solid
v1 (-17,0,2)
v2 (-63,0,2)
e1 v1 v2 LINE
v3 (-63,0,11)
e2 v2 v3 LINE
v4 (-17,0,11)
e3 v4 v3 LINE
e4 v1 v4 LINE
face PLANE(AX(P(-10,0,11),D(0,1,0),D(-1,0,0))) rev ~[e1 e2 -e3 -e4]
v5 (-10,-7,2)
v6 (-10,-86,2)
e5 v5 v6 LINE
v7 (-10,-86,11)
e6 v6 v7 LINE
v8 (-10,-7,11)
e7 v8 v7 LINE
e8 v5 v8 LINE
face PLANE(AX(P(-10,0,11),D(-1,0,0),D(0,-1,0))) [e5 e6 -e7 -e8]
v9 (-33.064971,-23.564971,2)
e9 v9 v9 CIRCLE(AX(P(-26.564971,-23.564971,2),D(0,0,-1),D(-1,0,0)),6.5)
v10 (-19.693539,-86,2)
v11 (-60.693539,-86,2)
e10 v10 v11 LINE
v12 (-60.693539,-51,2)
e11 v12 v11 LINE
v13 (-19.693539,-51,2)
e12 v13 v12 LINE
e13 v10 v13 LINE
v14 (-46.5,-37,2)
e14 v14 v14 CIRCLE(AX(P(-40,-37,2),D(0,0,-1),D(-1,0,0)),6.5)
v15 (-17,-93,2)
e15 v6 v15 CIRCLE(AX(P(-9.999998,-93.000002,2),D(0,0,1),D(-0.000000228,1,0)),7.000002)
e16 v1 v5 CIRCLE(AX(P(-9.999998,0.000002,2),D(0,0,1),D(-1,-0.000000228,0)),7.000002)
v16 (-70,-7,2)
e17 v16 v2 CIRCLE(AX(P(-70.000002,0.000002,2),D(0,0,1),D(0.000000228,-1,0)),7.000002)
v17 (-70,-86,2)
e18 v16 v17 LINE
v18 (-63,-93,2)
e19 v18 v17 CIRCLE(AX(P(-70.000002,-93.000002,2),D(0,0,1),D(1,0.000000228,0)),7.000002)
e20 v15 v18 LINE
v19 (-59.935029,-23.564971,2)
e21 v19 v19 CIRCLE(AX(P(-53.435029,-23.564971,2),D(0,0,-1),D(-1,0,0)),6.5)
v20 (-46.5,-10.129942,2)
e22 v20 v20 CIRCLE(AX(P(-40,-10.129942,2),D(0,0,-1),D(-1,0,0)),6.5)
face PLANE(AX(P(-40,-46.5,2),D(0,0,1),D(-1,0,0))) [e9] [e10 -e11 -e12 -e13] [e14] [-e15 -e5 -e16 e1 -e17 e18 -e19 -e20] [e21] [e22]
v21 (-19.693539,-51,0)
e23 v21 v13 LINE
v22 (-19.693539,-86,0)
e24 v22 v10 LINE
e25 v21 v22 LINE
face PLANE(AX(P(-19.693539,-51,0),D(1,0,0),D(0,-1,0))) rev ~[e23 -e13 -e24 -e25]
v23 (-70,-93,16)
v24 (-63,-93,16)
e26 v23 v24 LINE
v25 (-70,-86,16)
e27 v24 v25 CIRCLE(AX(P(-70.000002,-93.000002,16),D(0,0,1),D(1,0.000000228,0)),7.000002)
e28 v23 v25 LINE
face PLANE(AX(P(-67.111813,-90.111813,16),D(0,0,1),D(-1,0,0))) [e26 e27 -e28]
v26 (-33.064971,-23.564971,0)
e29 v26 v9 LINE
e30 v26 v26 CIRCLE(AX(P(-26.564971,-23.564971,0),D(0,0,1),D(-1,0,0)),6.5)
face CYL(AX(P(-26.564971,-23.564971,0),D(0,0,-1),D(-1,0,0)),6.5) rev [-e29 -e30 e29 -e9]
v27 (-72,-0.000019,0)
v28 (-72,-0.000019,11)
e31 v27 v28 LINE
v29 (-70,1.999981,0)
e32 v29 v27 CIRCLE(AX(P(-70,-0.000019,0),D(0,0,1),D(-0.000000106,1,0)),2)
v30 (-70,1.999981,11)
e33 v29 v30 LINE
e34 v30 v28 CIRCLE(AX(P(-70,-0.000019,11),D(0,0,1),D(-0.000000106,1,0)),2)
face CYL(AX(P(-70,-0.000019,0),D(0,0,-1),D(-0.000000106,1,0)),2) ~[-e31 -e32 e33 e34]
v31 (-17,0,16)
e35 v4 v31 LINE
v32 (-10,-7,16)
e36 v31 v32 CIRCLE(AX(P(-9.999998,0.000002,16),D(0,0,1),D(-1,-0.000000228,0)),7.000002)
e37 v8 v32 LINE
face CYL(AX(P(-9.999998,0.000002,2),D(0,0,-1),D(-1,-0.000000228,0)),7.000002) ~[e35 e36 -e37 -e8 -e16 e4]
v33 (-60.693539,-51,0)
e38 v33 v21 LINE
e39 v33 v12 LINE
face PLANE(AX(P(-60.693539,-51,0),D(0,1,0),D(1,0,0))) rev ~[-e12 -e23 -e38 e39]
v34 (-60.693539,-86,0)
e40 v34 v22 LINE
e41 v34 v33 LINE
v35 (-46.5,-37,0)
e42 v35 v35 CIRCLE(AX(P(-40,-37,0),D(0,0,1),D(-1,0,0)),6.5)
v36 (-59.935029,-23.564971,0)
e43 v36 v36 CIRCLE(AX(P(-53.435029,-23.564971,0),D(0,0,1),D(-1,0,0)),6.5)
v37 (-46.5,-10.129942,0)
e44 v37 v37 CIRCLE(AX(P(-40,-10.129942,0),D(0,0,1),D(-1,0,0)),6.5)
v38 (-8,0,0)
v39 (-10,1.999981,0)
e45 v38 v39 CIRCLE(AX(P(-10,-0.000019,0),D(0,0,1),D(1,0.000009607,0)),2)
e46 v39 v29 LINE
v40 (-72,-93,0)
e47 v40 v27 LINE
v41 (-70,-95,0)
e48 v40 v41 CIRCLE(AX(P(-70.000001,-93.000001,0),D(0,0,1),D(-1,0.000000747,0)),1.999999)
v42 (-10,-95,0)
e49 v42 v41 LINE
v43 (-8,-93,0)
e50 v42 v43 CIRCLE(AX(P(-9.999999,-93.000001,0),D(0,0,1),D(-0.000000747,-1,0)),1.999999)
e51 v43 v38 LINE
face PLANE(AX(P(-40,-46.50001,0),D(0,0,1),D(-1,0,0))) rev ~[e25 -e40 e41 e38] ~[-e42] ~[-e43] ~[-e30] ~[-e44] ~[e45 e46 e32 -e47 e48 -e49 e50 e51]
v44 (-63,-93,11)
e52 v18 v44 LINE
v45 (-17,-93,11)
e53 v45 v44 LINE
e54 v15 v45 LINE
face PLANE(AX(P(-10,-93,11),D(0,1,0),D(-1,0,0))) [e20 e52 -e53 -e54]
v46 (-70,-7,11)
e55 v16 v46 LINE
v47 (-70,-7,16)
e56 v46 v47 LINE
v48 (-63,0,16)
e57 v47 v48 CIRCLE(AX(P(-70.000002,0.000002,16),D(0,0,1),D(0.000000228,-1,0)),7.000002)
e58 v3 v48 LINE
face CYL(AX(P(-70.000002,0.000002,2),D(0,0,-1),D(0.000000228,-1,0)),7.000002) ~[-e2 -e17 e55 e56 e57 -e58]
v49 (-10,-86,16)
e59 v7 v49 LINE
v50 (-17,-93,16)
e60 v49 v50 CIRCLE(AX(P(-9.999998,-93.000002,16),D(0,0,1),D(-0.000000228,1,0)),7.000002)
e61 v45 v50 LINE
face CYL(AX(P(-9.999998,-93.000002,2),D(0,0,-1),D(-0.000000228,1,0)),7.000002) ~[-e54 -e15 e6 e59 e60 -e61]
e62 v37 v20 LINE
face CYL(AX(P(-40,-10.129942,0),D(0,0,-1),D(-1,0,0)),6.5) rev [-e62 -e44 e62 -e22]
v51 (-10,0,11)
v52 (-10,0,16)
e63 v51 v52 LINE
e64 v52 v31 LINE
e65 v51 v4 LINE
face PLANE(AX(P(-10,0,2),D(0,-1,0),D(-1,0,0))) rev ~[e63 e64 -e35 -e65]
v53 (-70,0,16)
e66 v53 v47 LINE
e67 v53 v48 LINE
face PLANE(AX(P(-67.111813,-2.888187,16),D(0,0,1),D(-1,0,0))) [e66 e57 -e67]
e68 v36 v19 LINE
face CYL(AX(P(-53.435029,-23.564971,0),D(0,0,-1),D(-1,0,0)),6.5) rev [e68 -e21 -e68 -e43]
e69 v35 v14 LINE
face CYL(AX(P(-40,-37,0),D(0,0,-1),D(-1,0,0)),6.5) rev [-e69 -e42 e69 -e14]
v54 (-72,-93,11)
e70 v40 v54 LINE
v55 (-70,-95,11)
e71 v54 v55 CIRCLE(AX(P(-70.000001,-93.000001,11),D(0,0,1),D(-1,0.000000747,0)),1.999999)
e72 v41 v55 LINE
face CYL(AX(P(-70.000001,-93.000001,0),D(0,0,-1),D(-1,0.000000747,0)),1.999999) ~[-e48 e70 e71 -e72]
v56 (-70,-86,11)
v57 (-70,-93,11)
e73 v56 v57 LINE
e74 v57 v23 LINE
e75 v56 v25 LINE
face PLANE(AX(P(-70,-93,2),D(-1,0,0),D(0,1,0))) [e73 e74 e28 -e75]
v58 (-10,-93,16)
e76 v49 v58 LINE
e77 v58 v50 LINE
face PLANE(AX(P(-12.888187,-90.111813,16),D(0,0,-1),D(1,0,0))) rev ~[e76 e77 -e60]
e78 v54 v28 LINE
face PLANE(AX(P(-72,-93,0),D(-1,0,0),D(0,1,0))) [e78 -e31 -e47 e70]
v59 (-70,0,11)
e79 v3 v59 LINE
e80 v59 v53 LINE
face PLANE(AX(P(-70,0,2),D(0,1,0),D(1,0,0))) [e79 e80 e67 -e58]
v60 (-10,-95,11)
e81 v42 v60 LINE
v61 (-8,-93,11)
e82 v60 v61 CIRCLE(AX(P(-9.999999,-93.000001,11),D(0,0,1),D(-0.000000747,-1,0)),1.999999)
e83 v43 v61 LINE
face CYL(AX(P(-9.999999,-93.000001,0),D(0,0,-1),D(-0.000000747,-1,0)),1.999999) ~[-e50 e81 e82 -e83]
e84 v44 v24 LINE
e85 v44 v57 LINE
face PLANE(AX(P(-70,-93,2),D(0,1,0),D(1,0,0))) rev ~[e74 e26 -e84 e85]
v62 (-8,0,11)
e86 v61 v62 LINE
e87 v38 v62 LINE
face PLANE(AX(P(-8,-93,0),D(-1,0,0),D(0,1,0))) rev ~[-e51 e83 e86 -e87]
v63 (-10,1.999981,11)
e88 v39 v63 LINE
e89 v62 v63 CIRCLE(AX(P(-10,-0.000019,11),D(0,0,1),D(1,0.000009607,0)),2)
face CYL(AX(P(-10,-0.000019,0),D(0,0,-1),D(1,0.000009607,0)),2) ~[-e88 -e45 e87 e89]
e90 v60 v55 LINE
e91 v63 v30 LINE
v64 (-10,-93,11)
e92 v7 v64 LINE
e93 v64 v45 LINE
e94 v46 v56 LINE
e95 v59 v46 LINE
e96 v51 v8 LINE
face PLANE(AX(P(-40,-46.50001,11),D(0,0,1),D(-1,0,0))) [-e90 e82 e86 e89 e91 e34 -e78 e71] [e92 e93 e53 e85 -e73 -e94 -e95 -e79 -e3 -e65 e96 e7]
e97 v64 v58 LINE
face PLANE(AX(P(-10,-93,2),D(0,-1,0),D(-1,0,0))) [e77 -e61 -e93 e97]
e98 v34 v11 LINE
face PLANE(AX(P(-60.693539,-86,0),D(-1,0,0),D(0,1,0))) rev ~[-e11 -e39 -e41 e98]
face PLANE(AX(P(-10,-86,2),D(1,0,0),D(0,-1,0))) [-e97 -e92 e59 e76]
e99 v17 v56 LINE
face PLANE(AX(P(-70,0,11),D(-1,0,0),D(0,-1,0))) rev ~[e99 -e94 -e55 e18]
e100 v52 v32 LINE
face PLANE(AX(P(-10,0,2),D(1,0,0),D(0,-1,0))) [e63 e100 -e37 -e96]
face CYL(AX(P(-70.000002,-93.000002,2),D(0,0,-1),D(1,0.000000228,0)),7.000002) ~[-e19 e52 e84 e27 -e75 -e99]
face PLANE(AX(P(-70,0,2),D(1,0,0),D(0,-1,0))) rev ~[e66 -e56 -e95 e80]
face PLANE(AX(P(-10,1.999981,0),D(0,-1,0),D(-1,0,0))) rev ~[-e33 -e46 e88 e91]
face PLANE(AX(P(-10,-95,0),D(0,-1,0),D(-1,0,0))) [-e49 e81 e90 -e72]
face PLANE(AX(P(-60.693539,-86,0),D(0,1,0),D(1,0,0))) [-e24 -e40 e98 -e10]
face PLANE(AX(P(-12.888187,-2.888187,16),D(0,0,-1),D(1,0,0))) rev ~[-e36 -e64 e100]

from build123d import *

# Parameters (mm, degrees)
PAD001_DEPTH            = 11
SKETCH002_W             = 60
SKETCH002_H             = 93
POCKET001_DEPTH         = 9
SKETCH004_R             = 6.5
POCKET002_DEPTH         = 5
PAD002_DEPTH            = 14
BODY003_PLACEMENT_ANGLE = 180


with BuildPart() as part:
    # Sketch003 → Pad001 (new body)
    with BuildSketch(Plane.XY):
        with BuildLine():
            ThreePointArc((0, 2), (-1.414214, 1.414214), (-2, 0))
            Line((-2, 0), (-2, -93))
            ThreePointArc((-2, -93), (-1.414207, -94.414201), (0, -94.999981))
            Line((0, -94.999981), (60, -94.999981))
            ThreePointArc((60, -94.999981), (61.414214, -94.414194), (62, -92.999981))
            Line((62, 0), (62, -92.999981))
            ThreePointArc((62, 0), (61.414214, 1.414214), (60, 2))
            Line((0, 2), (60, 2))
        make_face()
    extrude(amount=PAD001_DEPTH)

    # Sketch002 (on Face10 of Pad001) → Pocket001 (cut)
    with BuildSketch(Plane.XY.offset(11)):
        with Locations((30, -46.5)):
            Rectangle(SKETCH002_W, SKETCH002_H)
    extrude(amount=-POCKET001_DEPTH, mode=Mode.SUBTRACT)

    # Sketch004 → Pocket002 (cut)
    with BuildSketch(Plane.XY):
        with Locations((30, -56)):
            Circle(SKETCH004_R)
        with Locations((43.435029, -69.435029)):
            Circle(SKETCH004_R)
        with Locations((16.564971, -69.435029)):
            Circle(SKETCH004_R)
        with Locations((30, -82.870058)):
            Circle(SKETCH004_R)
        Polygon((50.693539, -7), (50.693539, -42), (9.693539, -42), (9.693539, -7), (30.193539, -7), align=None)
    extrude(amount=POCKET002_DEPTH, mode=Mode.SUBTRACT)

    # Sketch006 (on Face24 of Pocket002) → Pad002 (join)
    with BuildSketch(Plane.XY.offset(2)):
        with BuildLine():
            Line((0, 0), (7, 0))
            ThreePointArc((0, -7), (4.949747, -4.949747), (7, 0))
            Line((0, -7), (0, 0))
        make_face()
        with BuildLine():
            Line((60, 0), (53, 0))
            ThreePointArc((53, 0), (55.050253, -4.949747), (60, -7))
            Line((60, 0), (60, -7))
        make_face()
        with BuildLine():
            Line((0, -93), (0, -86))
            ThreePointArc((7, -93), (4.949747, -88.050253), (0, -86))
            Line((0, -93), (7, -93))
        make_face()
        with BuildLine():
            Line((60, -93), (60, -86))
            ThreePointArc((60, -86), (55.050253, -88.050253), (53, -93))
            Line((60, -93), (53, -93))
        make_face()
    extrude(amount=PAD002_DEPTH)


with BuildPart() as part_1:
    # Body003 placement: moved
    add(part.part.moved(Location((-10, -93, 0))).rotate(Axis((-10, -93, 0), (0, 0, 1)), BODY003_PLACEMENT_ANGLE))


solid = part_1.part
